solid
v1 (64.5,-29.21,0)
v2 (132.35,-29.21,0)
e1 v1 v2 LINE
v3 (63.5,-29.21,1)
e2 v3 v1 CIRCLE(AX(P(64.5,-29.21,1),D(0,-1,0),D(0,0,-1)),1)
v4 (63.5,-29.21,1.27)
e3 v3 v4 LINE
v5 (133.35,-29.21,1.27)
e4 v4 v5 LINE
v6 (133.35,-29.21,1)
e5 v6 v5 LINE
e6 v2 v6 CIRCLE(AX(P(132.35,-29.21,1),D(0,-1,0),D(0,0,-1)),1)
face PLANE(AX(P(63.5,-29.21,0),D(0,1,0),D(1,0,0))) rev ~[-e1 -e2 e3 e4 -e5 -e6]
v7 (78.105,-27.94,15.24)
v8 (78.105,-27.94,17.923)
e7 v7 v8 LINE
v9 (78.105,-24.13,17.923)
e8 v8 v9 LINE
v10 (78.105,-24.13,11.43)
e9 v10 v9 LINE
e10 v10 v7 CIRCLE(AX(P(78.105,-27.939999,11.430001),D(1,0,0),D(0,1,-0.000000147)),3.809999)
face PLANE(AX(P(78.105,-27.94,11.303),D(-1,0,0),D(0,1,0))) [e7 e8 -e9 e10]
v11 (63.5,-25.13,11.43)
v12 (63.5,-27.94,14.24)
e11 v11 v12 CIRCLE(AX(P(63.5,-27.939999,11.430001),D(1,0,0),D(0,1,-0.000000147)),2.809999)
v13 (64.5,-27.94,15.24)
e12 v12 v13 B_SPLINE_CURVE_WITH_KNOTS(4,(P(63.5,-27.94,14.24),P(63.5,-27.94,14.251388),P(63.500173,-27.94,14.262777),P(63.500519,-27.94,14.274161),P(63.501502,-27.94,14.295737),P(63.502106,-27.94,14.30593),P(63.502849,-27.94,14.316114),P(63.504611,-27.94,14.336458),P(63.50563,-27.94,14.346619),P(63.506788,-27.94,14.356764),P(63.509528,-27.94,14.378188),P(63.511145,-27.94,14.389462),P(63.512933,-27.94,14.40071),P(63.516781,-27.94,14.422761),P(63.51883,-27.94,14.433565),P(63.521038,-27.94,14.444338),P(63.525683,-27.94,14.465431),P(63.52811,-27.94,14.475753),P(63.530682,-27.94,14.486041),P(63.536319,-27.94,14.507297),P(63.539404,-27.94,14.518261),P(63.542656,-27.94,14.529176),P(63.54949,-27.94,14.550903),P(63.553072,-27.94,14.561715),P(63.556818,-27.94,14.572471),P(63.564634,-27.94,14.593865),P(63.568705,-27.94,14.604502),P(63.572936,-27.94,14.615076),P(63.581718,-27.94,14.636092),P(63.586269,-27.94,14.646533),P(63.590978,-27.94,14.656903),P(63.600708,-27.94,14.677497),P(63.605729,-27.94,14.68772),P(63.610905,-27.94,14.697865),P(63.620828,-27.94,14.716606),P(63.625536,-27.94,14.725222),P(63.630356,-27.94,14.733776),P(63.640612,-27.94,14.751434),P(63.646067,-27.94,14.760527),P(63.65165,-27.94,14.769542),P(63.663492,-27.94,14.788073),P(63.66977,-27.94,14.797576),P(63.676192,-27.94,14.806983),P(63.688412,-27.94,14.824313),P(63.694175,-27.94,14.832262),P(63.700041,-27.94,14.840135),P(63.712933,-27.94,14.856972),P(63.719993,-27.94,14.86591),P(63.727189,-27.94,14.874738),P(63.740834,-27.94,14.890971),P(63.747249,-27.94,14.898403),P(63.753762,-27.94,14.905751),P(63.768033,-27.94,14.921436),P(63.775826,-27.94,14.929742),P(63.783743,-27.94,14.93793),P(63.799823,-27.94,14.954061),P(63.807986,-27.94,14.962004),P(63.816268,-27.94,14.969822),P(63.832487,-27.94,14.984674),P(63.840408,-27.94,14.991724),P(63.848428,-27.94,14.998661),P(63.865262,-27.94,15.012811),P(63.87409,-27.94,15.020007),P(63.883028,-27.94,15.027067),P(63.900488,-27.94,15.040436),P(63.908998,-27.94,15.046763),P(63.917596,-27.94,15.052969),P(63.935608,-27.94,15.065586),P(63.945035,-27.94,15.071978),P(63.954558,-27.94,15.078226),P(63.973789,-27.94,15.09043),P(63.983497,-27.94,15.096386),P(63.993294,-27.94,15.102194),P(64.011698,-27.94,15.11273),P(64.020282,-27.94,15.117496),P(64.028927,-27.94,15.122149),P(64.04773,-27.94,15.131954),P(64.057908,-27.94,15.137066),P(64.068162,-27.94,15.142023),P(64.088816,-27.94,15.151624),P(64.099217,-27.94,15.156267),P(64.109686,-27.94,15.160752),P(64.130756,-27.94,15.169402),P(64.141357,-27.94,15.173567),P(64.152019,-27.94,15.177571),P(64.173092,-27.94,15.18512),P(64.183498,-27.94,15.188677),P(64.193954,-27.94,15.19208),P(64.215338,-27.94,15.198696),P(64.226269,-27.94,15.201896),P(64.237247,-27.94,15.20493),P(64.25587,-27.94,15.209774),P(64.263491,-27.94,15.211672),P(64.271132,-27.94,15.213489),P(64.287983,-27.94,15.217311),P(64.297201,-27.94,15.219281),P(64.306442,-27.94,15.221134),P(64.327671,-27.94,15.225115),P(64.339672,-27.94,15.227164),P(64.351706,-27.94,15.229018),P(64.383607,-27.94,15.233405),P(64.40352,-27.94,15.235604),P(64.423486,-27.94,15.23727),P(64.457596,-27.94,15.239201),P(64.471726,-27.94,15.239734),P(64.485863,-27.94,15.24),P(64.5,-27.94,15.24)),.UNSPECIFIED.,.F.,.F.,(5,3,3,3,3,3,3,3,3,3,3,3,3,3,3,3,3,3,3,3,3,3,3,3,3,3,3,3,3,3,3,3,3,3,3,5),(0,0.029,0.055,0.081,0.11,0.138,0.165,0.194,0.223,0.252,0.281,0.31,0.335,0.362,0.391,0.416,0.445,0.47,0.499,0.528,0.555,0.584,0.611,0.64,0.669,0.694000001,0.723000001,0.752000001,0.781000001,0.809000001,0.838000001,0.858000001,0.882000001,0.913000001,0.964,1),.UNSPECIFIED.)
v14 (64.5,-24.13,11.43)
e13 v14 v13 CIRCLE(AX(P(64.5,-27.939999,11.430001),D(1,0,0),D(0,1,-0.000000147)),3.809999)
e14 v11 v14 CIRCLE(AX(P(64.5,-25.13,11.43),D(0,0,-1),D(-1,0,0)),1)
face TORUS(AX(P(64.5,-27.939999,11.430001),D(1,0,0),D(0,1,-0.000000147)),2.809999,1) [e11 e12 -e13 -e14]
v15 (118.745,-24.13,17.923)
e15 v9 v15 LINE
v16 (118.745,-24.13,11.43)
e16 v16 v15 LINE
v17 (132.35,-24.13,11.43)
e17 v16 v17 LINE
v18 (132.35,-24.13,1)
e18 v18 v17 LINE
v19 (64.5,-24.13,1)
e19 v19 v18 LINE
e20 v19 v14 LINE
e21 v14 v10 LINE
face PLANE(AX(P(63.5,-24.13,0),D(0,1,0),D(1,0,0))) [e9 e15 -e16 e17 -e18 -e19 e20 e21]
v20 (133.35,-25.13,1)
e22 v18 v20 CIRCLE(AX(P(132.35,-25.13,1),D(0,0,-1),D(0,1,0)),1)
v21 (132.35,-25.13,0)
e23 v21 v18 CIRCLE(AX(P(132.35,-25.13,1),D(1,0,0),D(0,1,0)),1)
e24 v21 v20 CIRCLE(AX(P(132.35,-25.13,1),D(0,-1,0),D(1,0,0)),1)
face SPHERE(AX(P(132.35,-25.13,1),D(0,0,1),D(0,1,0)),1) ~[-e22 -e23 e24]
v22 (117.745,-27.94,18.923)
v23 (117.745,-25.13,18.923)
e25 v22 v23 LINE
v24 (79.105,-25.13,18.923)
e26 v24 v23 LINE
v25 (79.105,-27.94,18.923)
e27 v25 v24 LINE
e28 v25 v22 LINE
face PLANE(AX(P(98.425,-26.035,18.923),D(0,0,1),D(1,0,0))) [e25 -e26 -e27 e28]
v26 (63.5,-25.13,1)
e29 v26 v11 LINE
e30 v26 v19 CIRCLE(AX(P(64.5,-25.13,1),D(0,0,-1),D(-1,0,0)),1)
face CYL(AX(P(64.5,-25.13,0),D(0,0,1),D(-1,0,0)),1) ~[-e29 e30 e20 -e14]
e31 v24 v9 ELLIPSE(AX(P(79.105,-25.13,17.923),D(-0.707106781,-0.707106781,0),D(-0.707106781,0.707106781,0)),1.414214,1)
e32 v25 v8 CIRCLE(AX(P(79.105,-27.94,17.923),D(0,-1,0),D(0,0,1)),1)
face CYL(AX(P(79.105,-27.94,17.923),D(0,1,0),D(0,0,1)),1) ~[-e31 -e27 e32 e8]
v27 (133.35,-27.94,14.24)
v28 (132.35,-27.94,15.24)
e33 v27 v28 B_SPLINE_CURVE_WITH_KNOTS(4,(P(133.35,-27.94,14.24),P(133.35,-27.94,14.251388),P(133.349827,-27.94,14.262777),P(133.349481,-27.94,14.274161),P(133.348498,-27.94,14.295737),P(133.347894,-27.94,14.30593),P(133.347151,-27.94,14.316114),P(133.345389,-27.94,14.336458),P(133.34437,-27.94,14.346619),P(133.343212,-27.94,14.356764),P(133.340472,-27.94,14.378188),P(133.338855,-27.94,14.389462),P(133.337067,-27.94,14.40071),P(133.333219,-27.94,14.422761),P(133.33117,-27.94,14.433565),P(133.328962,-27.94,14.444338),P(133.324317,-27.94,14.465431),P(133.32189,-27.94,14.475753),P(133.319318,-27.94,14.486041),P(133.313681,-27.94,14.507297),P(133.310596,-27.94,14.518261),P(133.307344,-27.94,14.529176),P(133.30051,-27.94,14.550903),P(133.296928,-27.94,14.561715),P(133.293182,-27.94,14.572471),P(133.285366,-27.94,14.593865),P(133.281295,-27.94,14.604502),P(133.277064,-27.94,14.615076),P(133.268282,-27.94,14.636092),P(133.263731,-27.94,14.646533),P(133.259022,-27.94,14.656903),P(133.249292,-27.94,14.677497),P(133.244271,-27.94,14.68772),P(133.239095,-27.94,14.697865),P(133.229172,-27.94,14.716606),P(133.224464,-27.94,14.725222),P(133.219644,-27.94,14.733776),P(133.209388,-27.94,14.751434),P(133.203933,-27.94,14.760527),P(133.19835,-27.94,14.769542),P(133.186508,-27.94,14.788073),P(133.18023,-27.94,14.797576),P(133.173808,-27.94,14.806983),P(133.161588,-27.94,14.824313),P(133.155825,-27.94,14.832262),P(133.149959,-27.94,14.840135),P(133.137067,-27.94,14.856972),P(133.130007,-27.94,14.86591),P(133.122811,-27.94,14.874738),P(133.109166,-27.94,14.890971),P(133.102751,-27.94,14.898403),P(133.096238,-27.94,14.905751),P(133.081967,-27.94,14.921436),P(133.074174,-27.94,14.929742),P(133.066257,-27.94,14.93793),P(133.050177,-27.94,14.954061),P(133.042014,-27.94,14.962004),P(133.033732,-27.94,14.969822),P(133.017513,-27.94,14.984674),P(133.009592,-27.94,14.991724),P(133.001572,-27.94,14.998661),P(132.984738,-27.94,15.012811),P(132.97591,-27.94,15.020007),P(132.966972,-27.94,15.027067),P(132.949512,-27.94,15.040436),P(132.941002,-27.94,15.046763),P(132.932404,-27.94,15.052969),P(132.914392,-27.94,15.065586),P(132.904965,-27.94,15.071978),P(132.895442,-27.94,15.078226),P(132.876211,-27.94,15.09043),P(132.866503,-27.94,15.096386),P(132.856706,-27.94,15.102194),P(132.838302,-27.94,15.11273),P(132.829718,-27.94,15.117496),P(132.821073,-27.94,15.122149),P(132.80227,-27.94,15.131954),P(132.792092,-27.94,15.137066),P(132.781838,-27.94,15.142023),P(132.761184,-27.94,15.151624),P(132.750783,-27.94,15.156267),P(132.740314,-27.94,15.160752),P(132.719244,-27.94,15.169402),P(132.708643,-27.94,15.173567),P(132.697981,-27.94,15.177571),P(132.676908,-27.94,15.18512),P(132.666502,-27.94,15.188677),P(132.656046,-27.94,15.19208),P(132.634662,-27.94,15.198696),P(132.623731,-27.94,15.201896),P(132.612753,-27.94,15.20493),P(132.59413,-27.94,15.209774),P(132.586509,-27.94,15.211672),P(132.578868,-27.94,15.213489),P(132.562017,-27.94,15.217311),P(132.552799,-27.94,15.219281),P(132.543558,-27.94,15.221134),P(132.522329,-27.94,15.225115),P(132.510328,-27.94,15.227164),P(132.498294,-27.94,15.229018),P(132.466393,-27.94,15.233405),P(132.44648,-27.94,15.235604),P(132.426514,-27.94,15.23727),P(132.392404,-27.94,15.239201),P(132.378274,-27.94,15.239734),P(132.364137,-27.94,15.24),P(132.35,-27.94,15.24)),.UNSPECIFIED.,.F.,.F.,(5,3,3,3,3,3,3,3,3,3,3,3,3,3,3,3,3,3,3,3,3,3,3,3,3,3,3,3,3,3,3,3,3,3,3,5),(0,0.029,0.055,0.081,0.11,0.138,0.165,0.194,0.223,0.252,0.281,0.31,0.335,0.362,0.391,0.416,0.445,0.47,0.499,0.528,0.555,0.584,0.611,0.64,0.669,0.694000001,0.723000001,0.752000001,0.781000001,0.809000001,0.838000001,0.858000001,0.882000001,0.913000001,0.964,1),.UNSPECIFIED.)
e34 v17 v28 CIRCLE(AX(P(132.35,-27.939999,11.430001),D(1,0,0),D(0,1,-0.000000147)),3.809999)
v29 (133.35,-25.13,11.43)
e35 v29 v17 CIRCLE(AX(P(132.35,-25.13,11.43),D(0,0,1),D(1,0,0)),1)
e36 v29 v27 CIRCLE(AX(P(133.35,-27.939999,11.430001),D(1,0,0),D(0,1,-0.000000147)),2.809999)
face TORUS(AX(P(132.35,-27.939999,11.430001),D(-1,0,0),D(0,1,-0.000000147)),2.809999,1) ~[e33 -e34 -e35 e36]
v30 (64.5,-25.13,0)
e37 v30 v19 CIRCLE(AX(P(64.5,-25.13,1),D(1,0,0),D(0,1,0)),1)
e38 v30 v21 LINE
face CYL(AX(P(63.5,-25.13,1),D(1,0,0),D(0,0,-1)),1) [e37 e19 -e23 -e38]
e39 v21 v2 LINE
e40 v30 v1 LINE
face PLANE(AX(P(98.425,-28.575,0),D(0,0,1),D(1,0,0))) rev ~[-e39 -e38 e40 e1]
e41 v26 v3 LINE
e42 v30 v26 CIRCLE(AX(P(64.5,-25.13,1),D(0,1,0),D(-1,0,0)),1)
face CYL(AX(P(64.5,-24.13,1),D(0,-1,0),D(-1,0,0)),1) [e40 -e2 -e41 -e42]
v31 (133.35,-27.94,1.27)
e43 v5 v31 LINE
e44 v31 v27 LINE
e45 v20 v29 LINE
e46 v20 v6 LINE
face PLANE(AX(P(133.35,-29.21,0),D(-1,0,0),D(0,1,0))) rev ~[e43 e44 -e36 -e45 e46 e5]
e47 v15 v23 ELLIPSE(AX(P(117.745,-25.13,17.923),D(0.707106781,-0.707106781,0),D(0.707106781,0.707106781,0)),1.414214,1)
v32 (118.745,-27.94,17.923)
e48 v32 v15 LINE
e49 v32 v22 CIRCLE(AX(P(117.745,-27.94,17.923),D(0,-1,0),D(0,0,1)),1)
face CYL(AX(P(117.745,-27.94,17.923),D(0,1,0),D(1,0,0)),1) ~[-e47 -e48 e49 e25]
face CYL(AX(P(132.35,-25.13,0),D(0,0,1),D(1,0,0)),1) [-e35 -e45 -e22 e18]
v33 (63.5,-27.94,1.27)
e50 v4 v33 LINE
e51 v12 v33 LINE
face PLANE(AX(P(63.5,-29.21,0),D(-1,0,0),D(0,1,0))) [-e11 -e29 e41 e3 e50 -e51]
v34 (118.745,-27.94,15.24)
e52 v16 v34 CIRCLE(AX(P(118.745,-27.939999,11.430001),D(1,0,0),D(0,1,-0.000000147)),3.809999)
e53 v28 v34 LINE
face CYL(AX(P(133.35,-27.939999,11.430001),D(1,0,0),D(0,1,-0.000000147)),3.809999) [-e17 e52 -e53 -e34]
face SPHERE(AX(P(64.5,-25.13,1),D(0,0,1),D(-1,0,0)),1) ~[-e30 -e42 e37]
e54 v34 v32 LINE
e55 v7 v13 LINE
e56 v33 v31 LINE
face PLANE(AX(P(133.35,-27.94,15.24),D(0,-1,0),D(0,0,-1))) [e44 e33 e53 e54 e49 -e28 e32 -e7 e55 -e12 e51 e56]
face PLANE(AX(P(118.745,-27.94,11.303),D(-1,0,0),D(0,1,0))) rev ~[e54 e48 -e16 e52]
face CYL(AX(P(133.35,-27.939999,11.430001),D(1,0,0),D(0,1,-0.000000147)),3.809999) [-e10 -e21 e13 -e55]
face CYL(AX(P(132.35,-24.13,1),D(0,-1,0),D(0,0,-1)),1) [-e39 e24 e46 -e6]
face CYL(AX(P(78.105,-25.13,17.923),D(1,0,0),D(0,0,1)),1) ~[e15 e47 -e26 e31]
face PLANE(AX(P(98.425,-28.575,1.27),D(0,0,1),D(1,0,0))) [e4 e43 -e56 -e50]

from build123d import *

# Parameters (mm, degrees)
EXTRUDE003_DEPTH = 69.85
BOX024_W         = 40.64
BOX024_H         = 3.81
BOX024_DEPTH     = 7.62
BOX025_W         = 69.85
BOX025_H         = 1.27
BOX025_DEPTH     = 1.27
BOX023_W         = 69.85
BOX023_H         = 3.81
BOX023_DEPTH     = 11.43
FILLET002_R      = 1


with BuildPart() as extrude003:
    # Sketch001 (on Face2 of Box023) → Extrude003 (new body)
    with BuildSketch(Plane.YZ.offset(69.85)):
        with BuildLine():
            ThreePointArc((3.81, 11.43), (2.694077, 14.124077), (0, 15.24))
            Line((0, 15.24), (0, 11.43))
            Line((0, 11.43), (3.81, 11.43))
        make_face()
    extrude(amount=-EXTRUDE003_DEPTH)


with BuildPart() as cube024:
    # Box024 → Box024 (new body)
    with BuildSketch(Plane(origin=(14.605, 0, 11.303), x_dir=(1, 0, 0), z_dir=(0, 0, 1))):
        with Locations((20.32, 1.905)):
            Rectangle(BOX024_W, BOX024_H)
    extrude(amount=BOX024_DEPTH)


with BuildPart() as cube025:
    # Box025 → Box025 (new body)
    with BuildSketch(Plane(origin=(0, -1.27, 0), x_dir=(1, 0, 0), z_dir=(0, 0, 1))):
        with Locations((34.925, 0.635)):
            Rectangle(BOX025_W, BOX025_H)
    extrude(amount=BOX025_DEPTH)


with BuildPart() as fillet002:
    # Box023 → Box023 (new body)
    with BuildSketch(Plane.XY):
        with Locations((34.925, 1.905)):
            Rectangle(BOX023_W, BOX023_H)
    extrude(amount=BOX023_DEPTH)

    # Fusion019: union Extrude003, Cube024, Cube025
    add(extrude003.part)
    add(cube024.part)
    add(cube025.part)

    # Fillet002
    fillet002_edges = [fillet002.edges().sort_by_distance(p)[0] for p in [
        (0, 3.81, 5.715),
        (0, 1.905, 0),
        (0, -0.635, 0),
        (0, 2.694077, 14.124077),
        (69.85, 3.81, 5.715),
        (34.925, 3.81, 0),
        (69.85, 1.905, 0),
        (69.85, -0.635, 0),
        (69.85, 2.694077, 14.124077),
        (14.605, 1.905, 18.923),
        (55.245, 1.905, 18.923),
        (34.925, 3.81, 18.923),
    ]]
    fillet(fillet002_edges, radius=FILLET002_R)


with BuildPart() as fillet002_1:
    # Fillet002 placement: moved
    add(fillet002.part.moved(Location((63.5, -27.94, 0))))


solid = fillet002_1.part
